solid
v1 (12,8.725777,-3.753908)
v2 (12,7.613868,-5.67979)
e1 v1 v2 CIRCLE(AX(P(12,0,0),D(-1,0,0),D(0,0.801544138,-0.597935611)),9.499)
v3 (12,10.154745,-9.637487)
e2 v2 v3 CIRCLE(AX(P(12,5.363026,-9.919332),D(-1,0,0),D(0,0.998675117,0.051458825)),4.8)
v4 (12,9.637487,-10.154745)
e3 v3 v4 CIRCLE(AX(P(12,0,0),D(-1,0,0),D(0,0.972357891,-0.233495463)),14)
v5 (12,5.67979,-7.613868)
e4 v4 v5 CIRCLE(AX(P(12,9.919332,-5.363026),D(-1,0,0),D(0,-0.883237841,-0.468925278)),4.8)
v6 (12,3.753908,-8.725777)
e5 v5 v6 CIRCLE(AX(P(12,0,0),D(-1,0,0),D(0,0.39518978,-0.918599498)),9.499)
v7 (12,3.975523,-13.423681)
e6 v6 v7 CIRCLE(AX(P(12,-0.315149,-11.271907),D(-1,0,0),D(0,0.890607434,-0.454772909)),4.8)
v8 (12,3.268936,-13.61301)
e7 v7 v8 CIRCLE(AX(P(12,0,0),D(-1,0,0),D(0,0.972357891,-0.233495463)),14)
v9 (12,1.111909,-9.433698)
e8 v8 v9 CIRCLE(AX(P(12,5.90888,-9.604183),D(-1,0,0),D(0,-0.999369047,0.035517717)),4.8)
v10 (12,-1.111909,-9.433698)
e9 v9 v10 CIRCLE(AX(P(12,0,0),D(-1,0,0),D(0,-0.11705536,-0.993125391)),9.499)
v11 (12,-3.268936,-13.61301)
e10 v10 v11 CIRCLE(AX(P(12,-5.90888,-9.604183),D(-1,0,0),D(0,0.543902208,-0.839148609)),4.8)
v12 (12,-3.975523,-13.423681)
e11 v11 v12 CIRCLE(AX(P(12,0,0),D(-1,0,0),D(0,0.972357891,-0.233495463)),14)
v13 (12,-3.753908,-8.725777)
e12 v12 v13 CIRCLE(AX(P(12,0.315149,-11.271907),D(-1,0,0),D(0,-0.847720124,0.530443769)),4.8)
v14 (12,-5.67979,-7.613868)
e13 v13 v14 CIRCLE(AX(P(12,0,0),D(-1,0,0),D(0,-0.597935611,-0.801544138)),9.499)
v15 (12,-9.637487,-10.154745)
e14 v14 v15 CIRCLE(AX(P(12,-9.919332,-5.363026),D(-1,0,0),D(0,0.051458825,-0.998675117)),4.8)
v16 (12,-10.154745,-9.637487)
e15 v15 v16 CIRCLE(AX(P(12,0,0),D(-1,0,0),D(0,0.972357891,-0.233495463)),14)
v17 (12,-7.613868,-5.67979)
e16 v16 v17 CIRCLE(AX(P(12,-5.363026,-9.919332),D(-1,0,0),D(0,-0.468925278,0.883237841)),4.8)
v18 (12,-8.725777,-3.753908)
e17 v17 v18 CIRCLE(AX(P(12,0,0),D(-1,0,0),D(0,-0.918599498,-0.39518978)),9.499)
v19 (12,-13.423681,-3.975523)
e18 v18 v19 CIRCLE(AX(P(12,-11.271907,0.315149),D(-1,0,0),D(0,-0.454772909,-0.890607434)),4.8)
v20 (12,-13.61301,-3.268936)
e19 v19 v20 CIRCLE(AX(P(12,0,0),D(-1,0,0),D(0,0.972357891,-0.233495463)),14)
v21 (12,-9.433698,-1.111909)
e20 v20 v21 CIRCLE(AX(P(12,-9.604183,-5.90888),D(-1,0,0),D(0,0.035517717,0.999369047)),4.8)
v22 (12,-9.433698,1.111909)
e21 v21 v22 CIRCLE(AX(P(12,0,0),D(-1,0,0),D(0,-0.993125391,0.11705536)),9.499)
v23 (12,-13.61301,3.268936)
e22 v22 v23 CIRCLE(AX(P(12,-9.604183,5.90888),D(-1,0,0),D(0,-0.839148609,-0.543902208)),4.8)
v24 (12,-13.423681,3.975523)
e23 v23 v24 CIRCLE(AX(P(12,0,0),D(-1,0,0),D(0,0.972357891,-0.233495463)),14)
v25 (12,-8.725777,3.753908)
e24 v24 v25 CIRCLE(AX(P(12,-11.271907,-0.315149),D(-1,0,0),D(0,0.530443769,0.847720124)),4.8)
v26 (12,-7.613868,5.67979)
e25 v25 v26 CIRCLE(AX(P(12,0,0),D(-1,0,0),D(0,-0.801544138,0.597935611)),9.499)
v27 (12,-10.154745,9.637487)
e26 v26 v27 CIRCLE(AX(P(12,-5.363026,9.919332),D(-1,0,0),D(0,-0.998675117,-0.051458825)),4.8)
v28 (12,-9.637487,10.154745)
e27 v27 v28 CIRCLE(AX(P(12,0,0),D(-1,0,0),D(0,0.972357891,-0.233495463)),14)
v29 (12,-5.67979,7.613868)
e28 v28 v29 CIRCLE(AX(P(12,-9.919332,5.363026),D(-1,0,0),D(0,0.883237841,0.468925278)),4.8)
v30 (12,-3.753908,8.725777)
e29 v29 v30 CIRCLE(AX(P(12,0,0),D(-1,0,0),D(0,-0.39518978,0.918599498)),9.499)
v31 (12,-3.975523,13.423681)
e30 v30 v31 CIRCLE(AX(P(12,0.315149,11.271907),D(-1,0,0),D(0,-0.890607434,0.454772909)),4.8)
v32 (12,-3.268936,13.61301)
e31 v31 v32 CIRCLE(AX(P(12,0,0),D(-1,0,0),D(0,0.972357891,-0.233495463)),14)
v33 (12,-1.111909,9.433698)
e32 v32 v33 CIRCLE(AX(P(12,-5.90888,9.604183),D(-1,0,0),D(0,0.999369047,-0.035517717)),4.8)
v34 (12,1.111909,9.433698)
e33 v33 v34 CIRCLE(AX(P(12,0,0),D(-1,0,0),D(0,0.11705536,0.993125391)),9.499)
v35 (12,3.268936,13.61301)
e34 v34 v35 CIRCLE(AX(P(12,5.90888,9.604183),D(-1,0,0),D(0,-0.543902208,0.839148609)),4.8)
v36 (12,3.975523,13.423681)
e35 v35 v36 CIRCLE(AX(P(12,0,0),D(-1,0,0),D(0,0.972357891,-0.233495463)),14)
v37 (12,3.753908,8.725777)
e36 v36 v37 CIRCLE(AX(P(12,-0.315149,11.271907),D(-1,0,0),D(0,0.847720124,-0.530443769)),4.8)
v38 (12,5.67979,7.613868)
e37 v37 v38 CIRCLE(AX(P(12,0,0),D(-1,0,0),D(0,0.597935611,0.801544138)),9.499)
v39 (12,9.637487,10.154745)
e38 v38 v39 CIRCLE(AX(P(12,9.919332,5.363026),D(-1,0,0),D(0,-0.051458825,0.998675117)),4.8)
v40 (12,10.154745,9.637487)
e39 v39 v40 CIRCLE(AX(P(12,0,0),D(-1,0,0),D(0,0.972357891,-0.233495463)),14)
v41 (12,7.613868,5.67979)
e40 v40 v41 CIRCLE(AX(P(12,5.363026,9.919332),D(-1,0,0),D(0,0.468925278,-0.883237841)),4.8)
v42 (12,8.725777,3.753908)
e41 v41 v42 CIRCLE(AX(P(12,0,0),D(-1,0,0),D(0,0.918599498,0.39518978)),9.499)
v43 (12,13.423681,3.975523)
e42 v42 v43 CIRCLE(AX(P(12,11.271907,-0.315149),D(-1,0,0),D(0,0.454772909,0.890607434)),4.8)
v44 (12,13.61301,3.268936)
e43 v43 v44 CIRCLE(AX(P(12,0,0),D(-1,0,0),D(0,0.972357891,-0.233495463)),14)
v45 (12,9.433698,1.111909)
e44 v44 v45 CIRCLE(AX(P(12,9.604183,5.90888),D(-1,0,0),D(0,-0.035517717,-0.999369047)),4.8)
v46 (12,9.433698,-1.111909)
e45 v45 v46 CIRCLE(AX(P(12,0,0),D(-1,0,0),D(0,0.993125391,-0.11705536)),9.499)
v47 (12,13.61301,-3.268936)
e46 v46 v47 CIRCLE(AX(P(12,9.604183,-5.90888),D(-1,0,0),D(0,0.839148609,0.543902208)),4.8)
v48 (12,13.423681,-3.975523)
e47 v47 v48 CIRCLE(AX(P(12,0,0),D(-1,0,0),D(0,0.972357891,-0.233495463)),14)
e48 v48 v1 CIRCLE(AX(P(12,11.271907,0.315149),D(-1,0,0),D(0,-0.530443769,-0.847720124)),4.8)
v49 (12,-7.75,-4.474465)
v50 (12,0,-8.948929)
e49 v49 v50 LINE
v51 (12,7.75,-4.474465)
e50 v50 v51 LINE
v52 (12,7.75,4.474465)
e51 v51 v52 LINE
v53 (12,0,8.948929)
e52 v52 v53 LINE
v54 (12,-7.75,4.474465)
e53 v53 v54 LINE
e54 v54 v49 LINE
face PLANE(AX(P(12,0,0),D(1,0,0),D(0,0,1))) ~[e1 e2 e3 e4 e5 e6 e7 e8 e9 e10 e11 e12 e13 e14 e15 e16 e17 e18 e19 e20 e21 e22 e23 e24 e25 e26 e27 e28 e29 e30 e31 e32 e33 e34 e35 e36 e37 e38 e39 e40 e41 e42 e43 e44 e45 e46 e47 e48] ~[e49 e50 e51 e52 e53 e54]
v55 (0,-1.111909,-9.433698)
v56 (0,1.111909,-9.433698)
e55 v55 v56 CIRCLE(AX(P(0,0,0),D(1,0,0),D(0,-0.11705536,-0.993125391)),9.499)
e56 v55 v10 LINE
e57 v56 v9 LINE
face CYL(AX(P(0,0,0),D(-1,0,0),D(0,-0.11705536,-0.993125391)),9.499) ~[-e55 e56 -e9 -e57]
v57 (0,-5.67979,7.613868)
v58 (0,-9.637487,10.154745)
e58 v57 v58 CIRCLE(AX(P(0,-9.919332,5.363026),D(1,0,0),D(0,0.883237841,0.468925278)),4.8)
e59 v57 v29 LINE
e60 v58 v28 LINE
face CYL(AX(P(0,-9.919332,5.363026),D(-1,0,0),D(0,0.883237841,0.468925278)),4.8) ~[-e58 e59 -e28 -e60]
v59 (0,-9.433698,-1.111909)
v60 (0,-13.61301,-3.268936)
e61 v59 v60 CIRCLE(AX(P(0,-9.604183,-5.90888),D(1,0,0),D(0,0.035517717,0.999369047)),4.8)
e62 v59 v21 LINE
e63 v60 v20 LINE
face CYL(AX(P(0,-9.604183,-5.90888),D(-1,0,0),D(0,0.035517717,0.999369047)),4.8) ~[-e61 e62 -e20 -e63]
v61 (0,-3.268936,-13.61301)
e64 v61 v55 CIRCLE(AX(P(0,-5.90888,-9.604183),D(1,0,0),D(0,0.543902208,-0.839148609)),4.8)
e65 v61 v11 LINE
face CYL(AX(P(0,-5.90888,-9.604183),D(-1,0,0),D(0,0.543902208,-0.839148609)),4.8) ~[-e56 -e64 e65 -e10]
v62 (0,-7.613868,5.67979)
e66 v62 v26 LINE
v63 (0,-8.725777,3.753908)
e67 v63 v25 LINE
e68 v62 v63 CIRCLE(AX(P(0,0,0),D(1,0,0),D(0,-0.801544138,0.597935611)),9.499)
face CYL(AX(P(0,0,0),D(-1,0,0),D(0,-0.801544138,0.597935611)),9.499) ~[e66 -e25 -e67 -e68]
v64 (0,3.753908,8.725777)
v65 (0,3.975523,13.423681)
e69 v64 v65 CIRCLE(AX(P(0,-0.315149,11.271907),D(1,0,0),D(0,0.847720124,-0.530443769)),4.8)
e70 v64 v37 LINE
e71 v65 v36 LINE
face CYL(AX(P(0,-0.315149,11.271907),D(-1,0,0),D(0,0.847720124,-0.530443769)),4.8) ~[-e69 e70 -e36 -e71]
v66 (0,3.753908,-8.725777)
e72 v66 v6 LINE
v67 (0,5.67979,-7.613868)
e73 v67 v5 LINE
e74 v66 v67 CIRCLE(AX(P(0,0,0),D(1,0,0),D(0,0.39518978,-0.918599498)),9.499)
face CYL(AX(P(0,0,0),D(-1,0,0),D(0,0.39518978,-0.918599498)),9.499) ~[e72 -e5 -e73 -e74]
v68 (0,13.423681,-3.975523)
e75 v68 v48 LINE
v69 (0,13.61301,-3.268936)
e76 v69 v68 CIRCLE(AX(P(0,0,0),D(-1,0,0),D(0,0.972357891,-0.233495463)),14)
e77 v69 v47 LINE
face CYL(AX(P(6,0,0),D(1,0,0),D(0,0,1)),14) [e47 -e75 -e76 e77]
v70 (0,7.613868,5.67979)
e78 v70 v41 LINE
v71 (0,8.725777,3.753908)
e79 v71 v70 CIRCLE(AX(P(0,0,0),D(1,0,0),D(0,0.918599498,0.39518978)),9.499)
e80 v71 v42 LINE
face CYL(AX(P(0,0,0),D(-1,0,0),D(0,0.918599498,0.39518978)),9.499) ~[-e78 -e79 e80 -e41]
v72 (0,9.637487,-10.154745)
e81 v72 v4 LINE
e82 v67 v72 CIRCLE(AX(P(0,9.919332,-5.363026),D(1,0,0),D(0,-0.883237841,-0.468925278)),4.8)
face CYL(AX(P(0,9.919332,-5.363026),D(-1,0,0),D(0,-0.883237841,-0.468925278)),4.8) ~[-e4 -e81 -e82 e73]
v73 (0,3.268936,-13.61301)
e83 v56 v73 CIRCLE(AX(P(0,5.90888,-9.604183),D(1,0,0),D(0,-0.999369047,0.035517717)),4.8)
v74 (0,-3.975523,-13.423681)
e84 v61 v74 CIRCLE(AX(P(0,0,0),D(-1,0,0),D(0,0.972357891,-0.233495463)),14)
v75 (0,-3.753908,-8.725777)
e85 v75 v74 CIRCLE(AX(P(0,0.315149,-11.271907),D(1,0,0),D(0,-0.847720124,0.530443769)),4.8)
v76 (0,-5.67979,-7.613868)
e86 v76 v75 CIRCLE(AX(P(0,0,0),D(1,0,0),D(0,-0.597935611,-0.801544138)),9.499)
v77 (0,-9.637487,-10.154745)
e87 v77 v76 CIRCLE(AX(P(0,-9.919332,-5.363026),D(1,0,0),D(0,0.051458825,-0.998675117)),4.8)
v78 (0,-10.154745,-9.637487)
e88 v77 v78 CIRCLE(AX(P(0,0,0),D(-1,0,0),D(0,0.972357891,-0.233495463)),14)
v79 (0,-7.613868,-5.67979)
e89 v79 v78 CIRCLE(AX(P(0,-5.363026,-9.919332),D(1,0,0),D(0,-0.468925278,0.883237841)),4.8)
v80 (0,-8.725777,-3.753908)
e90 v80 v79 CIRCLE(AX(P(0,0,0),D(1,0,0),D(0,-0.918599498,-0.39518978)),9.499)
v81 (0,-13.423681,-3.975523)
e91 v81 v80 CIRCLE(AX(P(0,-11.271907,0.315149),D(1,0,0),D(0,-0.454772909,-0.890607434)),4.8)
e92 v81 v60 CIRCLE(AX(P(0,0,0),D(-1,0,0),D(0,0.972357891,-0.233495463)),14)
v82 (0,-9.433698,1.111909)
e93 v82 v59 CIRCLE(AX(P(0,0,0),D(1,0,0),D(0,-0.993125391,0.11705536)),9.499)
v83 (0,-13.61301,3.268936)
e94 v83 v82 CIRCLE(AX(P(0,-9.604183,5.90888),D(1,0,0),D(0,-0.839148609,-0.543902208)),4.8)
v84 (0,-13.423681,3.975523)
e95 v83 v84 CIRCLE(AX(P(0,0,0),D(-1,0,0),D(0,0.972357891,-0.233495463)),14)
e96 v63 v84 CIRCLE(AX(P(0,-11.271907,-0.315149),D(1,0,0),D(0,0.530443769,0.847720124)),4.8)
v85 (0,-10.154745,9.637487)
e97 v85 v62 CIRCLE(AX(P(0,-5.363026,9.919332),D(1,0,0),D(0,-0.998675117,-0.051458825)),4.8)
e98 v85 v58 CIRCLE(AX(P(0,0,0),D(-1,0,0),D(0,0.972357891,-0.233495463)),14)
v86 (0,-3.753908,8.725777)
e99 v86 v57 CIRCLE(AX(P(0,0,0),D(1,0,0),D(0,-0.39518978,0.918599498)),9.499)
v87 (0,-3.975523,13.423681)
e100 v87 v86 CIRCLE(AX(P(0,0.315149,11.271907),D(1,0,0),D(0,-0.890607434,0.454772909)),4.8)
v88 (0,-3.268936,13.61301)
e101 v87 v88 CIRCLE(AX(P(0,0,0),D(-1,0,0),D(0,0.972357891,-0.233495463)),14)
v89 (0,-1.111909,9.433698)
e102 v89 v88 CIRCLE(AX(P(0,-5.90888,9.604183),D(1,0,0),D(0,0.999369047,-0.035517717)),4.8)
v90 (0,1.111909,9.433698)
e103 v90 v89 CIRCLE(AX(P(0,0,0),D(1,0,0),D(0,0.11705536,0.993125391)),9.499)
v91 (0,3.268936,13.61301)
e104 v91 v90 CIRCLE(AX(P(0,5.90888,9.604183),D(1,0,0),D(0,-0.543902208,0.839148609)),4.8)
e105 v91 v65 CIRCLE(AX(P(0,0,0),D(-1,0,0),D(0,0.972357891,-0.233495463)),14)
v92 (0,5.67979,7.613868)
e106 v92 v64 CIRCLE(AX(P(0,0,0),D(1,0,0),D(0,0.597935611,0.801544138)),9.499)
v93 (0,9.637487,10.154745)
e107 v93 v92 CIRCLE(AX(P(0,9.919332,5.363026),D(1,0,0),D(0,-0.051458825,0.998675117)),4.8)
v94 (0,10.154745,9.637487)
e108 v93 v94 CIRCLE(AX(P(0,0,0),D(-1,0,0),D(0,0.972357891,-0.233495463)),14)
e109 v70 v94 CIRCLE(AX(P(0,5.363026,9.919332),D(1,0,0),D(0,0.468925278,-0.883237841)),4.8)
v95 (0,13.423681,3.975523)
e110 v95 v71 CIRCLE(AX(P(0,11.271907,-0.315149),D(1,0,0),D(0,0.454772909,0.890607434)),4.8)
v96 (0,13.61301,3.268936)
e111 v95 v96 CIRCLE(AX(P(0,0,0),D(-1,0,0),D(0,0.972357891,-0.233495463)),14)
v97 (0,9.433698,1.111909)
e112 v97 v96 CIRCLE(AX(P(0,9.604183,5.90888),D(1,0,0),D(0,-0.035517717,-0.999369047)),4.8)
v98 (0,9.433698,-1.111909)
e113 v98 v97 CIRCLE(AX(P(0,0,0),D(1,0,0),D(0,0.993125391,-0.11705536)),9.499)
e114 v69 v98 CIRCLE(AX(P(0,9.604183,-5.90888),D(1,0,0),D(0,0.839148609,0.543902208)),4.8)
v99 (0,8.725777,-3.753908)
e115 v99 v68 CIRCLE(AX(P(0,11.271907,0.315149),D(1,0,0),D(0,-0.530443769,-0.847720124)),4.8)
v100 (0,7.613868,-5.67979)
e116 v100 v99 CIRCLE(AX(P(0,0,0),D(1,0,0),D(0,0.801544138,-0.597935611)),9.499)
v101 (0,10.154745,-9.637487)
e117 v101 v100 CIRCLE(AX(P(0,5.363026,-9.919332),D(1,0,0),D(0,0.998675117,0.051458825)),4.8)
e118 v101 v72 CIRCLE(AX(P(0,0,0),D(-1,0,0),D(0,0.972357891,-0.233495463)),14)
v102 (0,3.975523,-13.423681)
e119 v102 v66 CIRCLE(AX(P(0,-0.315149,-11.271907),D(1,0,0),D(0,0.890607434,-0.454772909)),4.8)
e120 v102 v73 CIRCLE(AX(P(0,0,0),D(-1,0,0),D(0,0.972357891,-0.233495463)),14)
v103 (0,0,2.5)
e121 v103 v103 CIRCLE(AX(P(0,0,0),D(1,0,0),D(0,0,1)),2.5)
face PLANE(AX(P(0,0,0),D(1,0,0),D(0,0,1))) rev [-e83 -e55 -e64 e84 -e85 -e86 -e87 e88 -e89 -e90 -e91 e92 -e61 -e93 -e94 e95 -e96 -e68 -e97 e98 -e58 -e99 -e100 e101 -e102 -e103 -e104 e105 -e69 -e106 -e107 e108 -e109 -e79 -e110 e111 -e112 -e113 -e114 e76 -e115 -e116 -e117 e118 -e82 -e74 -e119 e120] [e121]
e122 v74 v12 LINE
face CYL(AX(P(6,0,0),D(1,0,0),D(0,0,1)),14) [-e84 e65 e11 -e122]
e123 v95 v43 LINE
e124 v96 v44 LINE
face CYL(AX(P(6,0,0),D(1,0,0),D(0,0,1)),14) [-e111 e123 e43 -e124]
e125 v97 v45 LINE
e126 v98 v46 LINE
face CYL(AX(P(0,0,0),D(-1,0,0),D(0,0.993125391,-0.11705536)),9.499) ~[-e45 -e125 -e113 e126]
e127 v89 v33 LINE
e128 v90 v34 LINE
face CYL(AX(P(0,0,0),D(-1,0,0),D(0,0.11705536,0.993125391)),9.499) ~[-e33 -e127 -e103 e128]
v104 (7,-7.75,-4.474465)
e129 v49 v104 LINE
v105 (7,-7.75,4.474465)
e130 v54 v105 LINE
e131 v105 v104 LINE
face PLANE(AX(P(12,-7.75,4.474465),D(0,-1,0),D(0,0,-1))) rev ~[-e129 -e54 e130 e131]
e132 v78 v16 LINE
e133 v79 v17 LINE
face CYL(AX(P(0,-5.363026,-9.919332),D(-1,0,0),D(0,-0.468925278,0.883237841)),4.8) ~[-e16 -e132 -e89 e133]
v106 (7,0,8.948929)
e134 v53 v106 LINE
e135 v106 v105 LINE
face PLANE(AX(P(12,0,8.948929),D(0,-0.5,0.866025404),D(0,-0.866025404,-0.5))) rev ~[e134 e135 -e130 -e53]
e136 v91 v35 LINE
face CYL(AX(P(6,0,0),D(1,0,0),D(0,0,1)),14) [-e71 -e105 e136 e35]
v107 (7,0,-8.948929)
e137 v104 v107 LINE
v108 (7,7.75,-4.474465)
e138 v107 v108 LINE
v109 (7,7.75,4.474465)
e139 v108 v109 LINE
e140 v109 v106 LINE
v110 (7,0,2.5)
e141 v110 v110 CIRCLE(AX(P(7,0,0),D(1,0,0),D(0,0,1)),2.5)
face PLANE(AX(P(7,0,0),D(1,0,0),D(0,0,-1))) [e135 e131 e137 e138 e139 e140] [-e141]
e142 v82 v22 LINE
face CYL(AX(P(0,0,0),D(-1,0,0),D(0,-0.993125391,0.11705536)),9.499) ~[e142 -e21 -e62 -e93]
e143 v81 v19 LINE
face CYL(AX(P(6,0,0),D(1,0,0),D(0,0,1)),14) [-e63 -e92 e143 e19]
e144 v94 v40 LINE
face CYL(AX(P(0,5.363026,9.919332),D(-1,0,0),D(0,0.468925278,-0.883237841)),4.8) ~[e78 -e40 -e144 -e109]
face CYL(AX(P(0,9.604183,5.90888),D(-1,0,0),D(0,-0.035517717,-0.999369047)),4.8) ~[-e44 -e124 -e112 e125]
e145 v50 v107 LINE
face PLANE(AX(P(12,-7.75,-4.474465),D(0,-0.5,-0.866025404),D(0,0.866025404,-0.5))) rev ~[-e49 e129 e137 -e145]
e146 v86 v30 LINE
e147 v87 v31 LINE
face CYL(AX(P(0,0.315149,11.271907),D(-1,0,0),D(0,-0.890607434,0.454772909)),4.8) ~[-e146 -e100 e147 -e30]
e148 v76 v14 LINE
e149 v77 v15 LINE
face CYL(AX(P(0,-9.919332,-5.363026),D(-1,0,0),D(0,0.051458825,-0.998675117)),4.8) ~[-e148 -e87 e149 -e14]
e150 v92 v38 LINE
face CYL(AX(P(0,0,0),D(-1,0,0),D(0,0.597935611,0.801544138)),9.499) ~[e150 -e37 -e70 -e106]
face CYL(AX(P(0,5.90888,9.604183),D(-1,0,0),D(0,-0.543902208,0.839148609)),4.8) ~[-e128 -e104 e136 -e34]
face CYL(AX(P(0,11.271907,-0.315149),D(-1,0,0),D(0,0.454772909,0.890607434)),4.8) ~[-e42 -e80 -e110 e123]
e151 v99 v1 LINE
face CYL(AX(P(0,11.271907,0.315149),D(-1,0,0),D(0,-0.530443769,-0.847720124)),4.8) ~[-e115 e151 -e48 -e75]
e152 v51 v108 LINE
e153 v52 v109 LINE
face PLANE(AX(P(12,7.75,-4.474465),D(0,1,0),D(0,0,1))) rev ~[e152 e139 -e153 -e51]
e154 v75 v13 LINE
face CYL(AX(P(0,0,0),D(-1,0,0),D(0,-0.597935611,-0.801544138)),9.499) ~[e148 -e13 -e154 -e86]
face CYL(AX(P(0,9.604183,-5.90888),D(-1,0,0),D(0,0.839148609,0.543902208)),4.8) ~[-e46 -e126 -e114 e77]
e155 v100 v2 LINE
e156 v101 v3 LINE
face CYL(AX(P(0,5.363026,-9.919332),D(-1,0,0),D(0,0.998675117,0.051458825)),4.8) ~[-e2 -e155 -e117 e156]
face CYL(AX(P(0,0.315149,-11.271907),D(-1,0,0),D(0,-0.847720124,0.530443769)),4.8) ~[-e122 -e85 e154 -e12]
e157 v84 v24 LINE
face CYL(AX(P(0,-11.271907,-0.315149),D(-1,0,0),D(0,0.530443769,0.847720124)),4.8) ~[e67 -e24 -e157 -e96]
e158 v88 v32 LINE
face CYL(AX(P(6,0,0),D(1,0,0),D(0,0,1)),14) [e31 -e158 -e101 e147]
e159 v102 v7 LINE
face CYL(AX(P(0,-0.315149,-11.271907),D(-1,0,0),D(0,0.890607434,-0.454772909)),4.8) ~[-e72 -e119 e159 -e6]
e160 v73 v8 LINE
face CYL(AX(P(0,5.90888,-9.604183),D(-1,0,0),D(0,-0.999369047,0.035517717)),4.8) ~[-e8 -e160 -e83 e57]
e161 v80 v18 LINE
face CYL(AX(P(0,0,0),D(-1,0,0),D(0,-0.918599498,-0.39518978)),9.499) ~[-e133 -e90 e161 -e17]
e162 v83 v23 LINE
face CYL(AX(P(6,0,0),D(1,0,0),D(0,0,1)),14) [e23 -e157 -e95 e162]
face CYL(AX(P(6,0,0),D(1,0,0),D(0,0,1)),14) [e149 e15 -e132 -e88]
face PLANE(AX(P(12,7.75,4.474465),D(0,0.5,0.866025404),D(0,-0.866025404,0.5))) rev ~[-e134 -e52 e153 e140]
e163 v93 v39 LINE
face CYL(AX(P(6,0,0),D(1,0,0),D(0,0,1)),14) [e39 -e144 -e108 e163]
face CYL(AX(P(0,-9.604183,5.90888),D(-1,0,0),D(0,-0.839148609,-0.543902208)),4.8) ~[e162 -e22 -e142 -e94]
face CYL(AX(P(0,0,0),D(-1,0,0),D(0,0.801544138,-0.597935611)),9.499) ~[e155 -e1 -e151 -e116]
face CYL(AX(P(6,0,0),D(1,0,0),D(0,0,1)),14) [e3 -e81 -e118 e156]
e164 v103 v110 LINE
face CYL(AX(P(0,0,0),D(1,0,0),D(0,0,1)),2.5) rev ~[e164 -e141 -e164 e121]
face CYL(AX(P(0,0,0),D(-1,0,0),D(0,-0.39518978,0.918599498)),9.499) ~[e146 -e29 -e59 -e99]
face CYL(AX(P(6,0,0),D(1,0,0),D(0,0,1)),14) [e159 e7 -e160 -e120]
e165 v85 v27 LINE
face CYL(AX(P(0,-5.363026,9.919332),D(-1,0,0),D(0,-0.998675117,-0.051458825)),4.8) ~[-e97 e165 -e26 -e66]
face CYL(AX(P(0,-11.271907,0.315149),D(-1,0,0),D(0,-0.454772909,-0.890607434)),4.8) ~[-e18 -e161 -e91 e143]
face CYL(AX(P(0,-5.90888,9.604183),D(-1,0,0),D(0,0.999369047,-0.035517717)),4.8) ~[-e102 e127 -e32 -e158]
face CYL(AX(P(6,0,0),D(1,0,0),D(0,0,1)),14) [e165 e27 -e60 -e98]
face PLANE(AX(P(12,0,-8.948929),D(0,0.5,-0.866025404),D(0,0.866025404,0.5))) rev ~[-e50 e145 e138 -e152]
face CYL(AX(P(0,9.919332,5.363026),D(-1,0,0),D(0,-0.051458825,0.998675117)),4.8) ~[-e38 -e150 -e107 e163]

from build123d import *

# Parameters (mm, degrees)
BASPROSKE_W         = 12
BASPROSKE_H         = 14
TOOTHCUT_DEPTH      = 24.151673806
TEETHCUTS_COUNT     = 12
TEETHCUTS_ANGLE     = 330
BORSKE_R            = 2.5
BORE_DEPTH          = 50.0000508
CUT_EXTRUDE_1_DEPTH = 5


with BuildPart() as part:
    # BasProSke → Base-Revolve (revolve)
    with BuildSketch(Plane(origin=(0, 0, 0), x_dir=(1, 0, 0), z_dir=(0, 1, 0)), mode=Mode.PRIVATE) as base_revolve_sk:
        with Locations((6, 7)):
            Rectangle(BASPROSKE_W, BASPROSKE_H)
    revolve(base_revolve_sk.sketch.rotate(Axis((-10, 0, 0), (1, 0, 0)), 180), axis=Axis((-10, 0, 0), (1, 0, 0)))

    # TooCutSke → ToothCut (cut, through all)
    with BuildSketch(Plane(origin=(0, 0, 0), x_dir=(0, 0, -1), z_dir=(1, 0, 0))):
        with BuildLine():
            ThreePointArc((1.111908866, 9.433698091), (0, 9.499), (-1.111908866, 9.433698091))
            ThreePointArc((-1.111908866, 9.433698091), (-1.651516138, 11.821129337), (-3.298149691, 13.632096456))
            ThreePointArc((-3.298149691, 13.632096456), (0, 14.0254), (3.298149691, 13.632096456))
            ThreePointArc((3.298149691, 13.632096456), (1.651516138, 11.821129337), (1.111908866, 9.433698091))
        make_face()
    toothcut = extrude(amount=TOOTHCUT_DEPTH, mode=Mode.SUBTRACT)

    # TeethCuts: ToothCut ×12 about axis
    teethcuts_axis = Axis((-10, 0, 0), (1, 0, 0))
    for i in range(1, TEETHCUTS_COUNT):
        add(toothcut.rotate(teethcuts_axis, i * TEETHCUTS_ANGLE / (TEETHCUTS_COUNT - 1)), mode=Mode.SUBTRACT)

    # BorSke → Bore (cut, symmetric)
    with BuildSketch(Plane(origin=(0, 0, 0), x_dir=(0, 0, -1), z_dir=(1, 0, 0))):
        with Locations(Location((0, 0, 0), (0, 0, 180))):
            Circle(BORSKE_R)
    extrude(amount=BORE_DEPTH, both=True, mode=Mode.SUBTRACT)

    # Эскиз1 → Вырез-Вытянуть1 (cut)
    with BuildSketch(Plane(origin=(12, 0, 0), x_dir=(0, 0, -1), z_dir=(1, 0, 0))):
        Polygon((8.948929172, 0), (4.474464586, 7.75), (-4.474464586, 7.75), (-8.948929172, 0), (-4.474464586, -7.75), (4.474464586, -7.75), align=None)
    extrude(amount=-CUT_EXTRUDE_1_DEPTH, mode=Mode.SUBTRACT)


solid = part.part
